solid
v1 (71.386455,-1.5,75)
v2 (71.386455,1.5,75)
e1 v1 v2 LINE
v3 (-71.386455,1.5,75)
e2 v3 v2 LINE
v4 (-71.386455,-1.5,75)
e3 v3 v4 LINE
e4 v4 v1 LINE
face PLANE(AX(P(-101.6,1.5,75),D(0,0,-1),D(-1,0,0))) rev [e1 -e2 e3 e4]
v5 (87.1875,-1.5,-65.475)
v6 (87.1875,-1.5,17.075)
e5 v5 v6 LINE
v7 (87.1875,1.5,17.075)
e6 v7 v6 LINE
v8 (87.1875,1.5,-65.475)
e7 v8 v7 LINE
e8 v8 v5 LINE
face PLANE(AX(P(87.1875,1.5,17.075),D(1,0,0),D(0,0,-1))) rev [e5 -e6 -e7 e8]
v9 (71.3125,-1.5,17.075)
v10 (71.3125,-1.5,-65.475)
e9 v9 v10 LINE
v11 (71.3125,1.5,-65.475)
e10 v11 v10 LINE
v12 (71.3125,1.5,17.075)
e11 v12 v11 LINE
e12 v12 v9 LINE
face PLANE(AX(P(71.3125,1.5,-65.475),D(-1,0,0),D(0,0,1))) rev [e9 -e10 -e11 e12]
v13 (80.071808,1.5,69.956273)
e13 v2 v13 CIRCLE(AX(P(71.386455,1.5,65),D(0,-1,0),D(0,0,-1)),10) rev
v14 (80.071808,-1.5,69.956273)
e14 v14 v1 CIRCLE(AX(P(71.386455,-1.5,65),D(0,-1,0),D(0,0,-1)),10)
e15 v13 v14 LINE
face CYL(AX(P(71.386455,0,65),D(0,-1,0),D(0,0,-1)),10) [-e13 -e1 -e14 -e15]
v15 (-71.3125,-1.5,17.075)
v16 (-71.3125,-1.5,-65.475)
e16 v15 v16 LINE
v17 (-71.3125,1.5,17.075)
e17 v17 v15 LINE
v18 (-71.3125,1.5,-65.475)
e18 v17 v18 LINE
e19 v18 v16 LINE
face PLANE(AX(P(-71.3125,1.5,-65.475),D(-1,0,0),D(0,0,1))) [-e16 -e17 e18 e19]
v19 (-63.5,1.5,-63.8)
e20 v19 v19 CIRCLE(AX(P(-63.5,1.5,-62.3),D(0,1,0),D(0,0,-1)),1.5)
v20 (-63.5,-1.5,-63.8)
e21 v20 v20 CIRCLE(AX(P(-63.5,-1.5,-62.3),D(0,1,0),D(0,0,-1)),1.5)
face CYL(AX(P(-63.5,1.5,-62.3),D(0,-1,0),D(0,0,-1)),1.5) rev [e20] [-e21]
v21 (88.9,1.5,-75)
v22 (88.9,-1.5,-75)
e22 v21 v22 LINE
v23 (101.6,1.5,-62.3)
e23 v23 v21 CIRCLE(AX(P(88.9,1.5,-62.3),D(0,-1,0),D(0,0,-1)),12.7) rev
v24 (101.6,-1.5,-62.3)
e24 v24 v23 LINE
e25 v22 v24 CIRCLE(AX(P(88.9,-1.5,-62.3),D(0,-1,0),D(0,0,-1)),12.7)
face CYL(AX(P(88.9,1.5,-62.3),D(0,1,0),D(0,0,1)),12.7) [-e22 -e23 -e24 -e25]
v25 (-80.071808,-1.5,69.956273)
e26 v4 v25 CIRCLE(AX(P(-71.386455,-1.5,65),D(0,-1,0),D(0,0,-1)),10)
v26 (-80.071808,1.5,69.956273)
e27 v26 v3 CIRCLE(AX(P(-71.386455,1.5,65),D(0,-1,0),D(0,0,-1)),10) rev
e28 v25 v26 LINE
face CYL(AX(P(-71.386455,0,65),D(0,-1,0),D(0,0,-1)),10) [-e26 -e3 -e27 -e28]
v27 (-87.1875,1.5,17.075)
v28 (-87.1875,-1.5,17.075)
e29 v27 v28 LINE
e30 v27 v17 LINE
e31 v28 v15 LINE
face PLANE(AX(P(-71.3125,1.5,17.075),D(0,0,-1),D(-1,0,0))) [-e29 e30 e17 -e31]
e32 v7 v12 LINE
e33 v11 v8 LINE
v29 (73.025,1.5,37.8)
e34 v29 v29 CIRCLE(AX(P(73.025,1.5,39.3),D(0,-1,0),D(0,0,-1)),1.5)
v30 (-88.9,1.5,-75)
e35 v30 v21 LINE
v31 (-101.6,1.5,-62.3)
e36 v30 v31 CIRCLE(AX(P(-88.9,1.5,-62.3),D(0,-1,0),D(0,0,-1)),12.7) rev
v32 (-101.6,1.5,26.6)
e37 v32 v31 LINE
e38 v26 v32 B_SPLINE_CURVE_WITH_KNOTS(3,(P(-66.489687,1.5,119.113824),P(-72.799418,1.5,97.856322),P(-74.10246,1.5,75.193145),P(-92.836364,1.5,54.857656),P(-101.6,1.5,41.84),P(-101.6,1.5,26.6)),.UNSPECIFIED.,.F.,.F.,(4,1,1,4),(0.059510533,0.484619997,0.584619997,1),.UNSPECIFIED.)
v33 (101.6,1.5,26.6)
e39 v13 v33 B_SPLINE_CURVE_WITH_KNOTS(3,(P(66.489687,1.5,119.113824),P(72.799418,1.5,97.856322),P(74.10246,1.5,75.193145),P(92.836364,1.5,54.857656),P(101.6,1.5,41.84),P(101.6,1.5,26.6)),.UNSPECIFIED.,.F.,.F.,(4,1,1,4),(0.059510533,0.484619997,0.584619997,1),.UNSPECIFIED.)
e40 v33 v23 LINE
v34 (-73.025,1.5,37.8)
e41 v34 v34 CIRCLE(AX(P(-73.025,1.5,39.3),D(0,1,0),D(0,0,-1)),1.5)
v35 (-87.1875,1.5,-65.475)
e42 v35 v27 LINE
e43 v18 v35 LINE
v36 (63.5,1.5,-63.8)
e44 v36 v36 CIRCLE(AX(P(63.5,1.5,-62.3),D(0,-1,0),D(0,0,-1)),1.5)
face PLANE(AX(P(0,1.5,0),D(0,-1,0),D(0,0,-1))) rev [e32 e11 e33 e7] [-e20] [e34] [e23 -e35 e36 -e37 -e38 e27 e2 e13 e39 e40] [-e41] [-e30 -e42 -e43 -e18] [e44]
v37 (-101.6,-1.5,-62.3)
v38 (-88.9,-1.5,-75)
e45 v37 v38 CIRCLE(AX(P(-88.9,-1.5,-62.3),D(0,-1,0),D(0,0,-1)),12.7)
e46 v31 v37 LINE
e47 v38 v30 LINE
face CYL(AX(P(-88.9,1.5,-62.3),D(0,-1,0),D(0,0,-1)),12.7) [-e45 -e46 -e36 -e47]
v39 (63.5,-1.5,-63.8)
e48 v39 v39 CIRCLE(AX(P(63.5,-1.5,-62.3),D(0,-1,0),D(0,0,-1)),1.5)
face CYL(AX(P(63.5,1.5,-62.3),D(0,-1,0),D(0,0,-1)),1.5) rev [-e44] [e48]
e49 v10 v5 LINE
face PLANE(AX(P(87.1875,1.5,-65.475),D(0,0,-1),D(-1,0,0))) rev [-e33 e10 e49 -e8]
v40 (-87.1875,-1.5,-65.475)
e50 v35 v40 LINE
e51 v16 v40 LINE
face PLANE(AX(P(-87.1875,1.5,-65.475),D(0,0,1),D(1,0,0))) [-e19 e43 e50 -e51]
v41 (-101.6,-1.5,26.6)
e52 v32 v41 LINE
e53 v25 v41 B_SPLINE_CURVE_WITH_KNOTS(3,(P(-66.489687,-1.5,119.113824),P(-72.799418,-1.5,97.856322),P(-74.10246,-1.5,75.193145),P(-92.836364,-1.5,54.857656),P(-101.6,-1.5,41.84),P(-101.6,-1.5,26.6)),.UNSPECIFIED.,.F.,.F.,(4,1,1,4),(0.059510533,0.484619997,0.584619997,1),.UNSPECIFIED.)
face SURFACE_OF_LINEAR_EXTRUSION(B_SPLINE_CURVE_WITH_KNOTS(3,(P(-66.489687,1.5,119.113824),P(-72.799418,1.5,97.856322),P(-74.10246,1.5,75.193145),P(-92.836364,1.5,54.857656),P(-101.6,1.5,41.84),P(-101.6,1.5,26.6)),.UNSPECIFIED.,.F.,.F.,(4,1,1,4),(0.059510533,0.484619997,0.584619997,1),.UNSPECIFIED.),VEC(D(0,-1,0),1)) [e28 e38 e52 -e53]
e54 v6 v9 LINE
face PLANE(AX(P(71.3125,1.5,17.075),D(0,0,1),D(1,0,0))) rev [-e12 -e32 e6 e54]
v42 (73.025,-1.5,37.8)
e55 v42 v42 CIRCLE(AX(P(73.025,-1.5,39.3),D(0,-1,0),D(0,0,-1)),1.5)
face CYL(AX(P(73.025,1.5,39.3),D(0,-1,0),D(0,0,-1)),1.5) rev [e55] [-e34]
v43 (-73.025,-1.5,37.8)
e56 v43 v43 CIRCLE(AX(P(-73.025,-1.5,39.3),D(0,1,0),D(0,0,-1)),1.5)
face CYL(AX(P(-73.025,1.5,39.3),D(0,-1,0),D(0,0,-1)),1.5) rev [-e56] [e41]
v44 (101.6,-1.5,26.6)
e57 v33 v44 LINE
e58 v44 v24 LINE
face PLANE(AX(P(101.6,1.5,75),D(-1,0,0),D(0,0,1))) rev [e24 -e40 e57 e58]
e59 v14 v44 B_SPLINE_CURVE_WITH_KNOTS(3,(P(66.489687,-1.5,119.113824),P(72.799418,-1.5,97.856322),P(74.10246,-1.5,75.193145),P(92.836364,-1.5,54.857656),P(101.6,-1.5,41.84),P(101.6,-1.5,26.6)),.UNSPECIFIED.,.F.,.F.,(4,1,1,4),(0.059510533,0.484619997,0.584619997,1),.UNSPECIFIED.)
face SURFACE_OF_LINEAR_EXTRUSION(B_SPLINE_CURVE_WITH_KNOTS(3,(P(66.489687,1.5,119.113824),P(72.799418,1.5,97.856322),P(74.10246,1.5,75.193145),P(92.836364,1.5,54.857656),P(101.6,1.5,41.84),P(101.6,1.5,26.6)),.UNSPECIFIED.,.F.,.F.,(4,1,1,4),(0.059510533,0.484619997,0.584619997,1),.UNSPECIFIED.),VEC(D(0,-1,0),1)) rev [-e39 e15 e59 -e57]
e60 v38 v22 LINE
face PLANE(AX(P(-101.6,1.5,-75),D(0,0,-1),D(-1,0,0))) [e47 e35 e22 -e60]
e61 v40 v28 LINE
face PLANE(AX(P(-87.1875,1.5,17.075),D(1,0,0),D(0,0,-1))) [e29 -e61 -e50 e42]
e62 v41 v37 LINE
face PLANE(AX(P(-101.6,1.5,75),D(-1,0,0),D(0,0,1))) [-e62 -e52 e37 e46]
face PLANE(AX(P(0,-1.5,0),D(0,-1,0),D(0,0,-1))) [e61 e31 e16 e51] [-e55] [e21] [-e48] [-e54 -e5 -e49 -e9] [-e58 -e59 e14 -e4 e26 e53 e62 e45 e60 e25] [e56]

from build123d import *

# Parameters (mm, degrees)
SKETCH1_W           = 203.2
SKETCH1_H           = 150
BOSS_EXTRUDE1_DEPTH = 1.5
FILLET1_R           = 12.7
SKETCH3_R           = 1.5
SKETCH3_W           = 15.875
SKETCH3_H           = 82.55
CUT_EXTRUDE2_DEPTH  = 127.319278022
CUT_EXTRUDE3_DEPTH  = 127.319278022
FILLET2_R           = 10


with BuildPart() as part:
    # Sketch1 → Boss-Extrude1 (new, symmetric)
    with BuildSketch(Plane(origin=(0, 0, 0), x_dir=(1, 0, 0), z_dir=(0, 1, 0))):
        Rectangle(SKETCH1_W, SKETCH1_H)
    extrude(amount=BOSS_EXTRUDE1_DEPTH, both=True)

    # Fillet1
    fillet1_edges = [part.edges().sort_by_distance(p)[0] for p in [
        (-101.6, 0, 75),
        (101.6, 0, 75),
        (101.6, 0, -75),
        (-101.6, 0, -75),
    ]]
    fillet(fillet1_edges, radius=FILLET1_R)

    # Sketch3 → Cut-Extrude2 (cut, through all)
    with BuildSketch(Plane.XZ.offset(1.5)):
        with Locations(Location((63.499999999, -62.3, 0), (0, 0, 270))):
            Circle(SKETCH3_R)
        with Locations(Location((73.024999999, 39.3, 0), (0, 0, 270))):
            Circle(SKETCH3_R)
        with Locations((79.25, -24.2)):
            Rectangle(SKETCH3_W, SKETCH3_H)
    cut_extrude2 = extrude(amount=-CUT_EXTRUDE2_DEPTH, mode=Mode.SUBTRACT)

    # Sketch4 → Cut-Extrude3 (cut, through all)
    with BuildSketch(Plane.XZ.offset(1.5)):
        with BuildLine():
            Line((101.6, 62.3), (101.6, 26.6))
            add(Edge.make_bspline(
                [(77.685809709, 75), (78.616134987, 72.645348103), (81.082482683, 67.616391475), (92.836364207, 54.857655975), (101.6, 41.84), (101.6, 26.6)],
                knots=[0.409925354, 0.409925354, 0.409925354, 0.409925354, 0.484619997, 0.584619997, 1, 1, 1, 1], degree=3))
            Line((77.685809709, 75), (88.9, 75))
            ThreePointArc((88.9, 75), (97.880256121, 71.280256121), (101.6, 62.3))
        make_face()
    cut_extrude3 = extrude(amount=-CUT_EXTRUDE3_DEPTH, mode=Mode.SUBTRACT)

    # Mirror1: Cut-Extrude2, Cut-Extrude3 across plane
    add(cut_extrude2.mirror(Plane(origin=(0, 0, 0), x_dir=(0, 0, 1), z_dir=(1, 0, 0))), mode=Mode.SUBTRACT)
    add(cut_extrude3.mirror(Plane(origin=(0, 0, 0), x_dir=(0, 0, 1), z_dir=(1, 0, 0))), mode=Mode.SUBTRACT)

    # Fillet2
    fillet2_edges = [part.edges().sort_by_distance(p)[0] for p in [
        (77.685809709, 0, 75),
        (-77.685809709, 0, 75),
    ]]
    fillet(fillet2_edges, radius=FILLET2_R)


solid = part.part
